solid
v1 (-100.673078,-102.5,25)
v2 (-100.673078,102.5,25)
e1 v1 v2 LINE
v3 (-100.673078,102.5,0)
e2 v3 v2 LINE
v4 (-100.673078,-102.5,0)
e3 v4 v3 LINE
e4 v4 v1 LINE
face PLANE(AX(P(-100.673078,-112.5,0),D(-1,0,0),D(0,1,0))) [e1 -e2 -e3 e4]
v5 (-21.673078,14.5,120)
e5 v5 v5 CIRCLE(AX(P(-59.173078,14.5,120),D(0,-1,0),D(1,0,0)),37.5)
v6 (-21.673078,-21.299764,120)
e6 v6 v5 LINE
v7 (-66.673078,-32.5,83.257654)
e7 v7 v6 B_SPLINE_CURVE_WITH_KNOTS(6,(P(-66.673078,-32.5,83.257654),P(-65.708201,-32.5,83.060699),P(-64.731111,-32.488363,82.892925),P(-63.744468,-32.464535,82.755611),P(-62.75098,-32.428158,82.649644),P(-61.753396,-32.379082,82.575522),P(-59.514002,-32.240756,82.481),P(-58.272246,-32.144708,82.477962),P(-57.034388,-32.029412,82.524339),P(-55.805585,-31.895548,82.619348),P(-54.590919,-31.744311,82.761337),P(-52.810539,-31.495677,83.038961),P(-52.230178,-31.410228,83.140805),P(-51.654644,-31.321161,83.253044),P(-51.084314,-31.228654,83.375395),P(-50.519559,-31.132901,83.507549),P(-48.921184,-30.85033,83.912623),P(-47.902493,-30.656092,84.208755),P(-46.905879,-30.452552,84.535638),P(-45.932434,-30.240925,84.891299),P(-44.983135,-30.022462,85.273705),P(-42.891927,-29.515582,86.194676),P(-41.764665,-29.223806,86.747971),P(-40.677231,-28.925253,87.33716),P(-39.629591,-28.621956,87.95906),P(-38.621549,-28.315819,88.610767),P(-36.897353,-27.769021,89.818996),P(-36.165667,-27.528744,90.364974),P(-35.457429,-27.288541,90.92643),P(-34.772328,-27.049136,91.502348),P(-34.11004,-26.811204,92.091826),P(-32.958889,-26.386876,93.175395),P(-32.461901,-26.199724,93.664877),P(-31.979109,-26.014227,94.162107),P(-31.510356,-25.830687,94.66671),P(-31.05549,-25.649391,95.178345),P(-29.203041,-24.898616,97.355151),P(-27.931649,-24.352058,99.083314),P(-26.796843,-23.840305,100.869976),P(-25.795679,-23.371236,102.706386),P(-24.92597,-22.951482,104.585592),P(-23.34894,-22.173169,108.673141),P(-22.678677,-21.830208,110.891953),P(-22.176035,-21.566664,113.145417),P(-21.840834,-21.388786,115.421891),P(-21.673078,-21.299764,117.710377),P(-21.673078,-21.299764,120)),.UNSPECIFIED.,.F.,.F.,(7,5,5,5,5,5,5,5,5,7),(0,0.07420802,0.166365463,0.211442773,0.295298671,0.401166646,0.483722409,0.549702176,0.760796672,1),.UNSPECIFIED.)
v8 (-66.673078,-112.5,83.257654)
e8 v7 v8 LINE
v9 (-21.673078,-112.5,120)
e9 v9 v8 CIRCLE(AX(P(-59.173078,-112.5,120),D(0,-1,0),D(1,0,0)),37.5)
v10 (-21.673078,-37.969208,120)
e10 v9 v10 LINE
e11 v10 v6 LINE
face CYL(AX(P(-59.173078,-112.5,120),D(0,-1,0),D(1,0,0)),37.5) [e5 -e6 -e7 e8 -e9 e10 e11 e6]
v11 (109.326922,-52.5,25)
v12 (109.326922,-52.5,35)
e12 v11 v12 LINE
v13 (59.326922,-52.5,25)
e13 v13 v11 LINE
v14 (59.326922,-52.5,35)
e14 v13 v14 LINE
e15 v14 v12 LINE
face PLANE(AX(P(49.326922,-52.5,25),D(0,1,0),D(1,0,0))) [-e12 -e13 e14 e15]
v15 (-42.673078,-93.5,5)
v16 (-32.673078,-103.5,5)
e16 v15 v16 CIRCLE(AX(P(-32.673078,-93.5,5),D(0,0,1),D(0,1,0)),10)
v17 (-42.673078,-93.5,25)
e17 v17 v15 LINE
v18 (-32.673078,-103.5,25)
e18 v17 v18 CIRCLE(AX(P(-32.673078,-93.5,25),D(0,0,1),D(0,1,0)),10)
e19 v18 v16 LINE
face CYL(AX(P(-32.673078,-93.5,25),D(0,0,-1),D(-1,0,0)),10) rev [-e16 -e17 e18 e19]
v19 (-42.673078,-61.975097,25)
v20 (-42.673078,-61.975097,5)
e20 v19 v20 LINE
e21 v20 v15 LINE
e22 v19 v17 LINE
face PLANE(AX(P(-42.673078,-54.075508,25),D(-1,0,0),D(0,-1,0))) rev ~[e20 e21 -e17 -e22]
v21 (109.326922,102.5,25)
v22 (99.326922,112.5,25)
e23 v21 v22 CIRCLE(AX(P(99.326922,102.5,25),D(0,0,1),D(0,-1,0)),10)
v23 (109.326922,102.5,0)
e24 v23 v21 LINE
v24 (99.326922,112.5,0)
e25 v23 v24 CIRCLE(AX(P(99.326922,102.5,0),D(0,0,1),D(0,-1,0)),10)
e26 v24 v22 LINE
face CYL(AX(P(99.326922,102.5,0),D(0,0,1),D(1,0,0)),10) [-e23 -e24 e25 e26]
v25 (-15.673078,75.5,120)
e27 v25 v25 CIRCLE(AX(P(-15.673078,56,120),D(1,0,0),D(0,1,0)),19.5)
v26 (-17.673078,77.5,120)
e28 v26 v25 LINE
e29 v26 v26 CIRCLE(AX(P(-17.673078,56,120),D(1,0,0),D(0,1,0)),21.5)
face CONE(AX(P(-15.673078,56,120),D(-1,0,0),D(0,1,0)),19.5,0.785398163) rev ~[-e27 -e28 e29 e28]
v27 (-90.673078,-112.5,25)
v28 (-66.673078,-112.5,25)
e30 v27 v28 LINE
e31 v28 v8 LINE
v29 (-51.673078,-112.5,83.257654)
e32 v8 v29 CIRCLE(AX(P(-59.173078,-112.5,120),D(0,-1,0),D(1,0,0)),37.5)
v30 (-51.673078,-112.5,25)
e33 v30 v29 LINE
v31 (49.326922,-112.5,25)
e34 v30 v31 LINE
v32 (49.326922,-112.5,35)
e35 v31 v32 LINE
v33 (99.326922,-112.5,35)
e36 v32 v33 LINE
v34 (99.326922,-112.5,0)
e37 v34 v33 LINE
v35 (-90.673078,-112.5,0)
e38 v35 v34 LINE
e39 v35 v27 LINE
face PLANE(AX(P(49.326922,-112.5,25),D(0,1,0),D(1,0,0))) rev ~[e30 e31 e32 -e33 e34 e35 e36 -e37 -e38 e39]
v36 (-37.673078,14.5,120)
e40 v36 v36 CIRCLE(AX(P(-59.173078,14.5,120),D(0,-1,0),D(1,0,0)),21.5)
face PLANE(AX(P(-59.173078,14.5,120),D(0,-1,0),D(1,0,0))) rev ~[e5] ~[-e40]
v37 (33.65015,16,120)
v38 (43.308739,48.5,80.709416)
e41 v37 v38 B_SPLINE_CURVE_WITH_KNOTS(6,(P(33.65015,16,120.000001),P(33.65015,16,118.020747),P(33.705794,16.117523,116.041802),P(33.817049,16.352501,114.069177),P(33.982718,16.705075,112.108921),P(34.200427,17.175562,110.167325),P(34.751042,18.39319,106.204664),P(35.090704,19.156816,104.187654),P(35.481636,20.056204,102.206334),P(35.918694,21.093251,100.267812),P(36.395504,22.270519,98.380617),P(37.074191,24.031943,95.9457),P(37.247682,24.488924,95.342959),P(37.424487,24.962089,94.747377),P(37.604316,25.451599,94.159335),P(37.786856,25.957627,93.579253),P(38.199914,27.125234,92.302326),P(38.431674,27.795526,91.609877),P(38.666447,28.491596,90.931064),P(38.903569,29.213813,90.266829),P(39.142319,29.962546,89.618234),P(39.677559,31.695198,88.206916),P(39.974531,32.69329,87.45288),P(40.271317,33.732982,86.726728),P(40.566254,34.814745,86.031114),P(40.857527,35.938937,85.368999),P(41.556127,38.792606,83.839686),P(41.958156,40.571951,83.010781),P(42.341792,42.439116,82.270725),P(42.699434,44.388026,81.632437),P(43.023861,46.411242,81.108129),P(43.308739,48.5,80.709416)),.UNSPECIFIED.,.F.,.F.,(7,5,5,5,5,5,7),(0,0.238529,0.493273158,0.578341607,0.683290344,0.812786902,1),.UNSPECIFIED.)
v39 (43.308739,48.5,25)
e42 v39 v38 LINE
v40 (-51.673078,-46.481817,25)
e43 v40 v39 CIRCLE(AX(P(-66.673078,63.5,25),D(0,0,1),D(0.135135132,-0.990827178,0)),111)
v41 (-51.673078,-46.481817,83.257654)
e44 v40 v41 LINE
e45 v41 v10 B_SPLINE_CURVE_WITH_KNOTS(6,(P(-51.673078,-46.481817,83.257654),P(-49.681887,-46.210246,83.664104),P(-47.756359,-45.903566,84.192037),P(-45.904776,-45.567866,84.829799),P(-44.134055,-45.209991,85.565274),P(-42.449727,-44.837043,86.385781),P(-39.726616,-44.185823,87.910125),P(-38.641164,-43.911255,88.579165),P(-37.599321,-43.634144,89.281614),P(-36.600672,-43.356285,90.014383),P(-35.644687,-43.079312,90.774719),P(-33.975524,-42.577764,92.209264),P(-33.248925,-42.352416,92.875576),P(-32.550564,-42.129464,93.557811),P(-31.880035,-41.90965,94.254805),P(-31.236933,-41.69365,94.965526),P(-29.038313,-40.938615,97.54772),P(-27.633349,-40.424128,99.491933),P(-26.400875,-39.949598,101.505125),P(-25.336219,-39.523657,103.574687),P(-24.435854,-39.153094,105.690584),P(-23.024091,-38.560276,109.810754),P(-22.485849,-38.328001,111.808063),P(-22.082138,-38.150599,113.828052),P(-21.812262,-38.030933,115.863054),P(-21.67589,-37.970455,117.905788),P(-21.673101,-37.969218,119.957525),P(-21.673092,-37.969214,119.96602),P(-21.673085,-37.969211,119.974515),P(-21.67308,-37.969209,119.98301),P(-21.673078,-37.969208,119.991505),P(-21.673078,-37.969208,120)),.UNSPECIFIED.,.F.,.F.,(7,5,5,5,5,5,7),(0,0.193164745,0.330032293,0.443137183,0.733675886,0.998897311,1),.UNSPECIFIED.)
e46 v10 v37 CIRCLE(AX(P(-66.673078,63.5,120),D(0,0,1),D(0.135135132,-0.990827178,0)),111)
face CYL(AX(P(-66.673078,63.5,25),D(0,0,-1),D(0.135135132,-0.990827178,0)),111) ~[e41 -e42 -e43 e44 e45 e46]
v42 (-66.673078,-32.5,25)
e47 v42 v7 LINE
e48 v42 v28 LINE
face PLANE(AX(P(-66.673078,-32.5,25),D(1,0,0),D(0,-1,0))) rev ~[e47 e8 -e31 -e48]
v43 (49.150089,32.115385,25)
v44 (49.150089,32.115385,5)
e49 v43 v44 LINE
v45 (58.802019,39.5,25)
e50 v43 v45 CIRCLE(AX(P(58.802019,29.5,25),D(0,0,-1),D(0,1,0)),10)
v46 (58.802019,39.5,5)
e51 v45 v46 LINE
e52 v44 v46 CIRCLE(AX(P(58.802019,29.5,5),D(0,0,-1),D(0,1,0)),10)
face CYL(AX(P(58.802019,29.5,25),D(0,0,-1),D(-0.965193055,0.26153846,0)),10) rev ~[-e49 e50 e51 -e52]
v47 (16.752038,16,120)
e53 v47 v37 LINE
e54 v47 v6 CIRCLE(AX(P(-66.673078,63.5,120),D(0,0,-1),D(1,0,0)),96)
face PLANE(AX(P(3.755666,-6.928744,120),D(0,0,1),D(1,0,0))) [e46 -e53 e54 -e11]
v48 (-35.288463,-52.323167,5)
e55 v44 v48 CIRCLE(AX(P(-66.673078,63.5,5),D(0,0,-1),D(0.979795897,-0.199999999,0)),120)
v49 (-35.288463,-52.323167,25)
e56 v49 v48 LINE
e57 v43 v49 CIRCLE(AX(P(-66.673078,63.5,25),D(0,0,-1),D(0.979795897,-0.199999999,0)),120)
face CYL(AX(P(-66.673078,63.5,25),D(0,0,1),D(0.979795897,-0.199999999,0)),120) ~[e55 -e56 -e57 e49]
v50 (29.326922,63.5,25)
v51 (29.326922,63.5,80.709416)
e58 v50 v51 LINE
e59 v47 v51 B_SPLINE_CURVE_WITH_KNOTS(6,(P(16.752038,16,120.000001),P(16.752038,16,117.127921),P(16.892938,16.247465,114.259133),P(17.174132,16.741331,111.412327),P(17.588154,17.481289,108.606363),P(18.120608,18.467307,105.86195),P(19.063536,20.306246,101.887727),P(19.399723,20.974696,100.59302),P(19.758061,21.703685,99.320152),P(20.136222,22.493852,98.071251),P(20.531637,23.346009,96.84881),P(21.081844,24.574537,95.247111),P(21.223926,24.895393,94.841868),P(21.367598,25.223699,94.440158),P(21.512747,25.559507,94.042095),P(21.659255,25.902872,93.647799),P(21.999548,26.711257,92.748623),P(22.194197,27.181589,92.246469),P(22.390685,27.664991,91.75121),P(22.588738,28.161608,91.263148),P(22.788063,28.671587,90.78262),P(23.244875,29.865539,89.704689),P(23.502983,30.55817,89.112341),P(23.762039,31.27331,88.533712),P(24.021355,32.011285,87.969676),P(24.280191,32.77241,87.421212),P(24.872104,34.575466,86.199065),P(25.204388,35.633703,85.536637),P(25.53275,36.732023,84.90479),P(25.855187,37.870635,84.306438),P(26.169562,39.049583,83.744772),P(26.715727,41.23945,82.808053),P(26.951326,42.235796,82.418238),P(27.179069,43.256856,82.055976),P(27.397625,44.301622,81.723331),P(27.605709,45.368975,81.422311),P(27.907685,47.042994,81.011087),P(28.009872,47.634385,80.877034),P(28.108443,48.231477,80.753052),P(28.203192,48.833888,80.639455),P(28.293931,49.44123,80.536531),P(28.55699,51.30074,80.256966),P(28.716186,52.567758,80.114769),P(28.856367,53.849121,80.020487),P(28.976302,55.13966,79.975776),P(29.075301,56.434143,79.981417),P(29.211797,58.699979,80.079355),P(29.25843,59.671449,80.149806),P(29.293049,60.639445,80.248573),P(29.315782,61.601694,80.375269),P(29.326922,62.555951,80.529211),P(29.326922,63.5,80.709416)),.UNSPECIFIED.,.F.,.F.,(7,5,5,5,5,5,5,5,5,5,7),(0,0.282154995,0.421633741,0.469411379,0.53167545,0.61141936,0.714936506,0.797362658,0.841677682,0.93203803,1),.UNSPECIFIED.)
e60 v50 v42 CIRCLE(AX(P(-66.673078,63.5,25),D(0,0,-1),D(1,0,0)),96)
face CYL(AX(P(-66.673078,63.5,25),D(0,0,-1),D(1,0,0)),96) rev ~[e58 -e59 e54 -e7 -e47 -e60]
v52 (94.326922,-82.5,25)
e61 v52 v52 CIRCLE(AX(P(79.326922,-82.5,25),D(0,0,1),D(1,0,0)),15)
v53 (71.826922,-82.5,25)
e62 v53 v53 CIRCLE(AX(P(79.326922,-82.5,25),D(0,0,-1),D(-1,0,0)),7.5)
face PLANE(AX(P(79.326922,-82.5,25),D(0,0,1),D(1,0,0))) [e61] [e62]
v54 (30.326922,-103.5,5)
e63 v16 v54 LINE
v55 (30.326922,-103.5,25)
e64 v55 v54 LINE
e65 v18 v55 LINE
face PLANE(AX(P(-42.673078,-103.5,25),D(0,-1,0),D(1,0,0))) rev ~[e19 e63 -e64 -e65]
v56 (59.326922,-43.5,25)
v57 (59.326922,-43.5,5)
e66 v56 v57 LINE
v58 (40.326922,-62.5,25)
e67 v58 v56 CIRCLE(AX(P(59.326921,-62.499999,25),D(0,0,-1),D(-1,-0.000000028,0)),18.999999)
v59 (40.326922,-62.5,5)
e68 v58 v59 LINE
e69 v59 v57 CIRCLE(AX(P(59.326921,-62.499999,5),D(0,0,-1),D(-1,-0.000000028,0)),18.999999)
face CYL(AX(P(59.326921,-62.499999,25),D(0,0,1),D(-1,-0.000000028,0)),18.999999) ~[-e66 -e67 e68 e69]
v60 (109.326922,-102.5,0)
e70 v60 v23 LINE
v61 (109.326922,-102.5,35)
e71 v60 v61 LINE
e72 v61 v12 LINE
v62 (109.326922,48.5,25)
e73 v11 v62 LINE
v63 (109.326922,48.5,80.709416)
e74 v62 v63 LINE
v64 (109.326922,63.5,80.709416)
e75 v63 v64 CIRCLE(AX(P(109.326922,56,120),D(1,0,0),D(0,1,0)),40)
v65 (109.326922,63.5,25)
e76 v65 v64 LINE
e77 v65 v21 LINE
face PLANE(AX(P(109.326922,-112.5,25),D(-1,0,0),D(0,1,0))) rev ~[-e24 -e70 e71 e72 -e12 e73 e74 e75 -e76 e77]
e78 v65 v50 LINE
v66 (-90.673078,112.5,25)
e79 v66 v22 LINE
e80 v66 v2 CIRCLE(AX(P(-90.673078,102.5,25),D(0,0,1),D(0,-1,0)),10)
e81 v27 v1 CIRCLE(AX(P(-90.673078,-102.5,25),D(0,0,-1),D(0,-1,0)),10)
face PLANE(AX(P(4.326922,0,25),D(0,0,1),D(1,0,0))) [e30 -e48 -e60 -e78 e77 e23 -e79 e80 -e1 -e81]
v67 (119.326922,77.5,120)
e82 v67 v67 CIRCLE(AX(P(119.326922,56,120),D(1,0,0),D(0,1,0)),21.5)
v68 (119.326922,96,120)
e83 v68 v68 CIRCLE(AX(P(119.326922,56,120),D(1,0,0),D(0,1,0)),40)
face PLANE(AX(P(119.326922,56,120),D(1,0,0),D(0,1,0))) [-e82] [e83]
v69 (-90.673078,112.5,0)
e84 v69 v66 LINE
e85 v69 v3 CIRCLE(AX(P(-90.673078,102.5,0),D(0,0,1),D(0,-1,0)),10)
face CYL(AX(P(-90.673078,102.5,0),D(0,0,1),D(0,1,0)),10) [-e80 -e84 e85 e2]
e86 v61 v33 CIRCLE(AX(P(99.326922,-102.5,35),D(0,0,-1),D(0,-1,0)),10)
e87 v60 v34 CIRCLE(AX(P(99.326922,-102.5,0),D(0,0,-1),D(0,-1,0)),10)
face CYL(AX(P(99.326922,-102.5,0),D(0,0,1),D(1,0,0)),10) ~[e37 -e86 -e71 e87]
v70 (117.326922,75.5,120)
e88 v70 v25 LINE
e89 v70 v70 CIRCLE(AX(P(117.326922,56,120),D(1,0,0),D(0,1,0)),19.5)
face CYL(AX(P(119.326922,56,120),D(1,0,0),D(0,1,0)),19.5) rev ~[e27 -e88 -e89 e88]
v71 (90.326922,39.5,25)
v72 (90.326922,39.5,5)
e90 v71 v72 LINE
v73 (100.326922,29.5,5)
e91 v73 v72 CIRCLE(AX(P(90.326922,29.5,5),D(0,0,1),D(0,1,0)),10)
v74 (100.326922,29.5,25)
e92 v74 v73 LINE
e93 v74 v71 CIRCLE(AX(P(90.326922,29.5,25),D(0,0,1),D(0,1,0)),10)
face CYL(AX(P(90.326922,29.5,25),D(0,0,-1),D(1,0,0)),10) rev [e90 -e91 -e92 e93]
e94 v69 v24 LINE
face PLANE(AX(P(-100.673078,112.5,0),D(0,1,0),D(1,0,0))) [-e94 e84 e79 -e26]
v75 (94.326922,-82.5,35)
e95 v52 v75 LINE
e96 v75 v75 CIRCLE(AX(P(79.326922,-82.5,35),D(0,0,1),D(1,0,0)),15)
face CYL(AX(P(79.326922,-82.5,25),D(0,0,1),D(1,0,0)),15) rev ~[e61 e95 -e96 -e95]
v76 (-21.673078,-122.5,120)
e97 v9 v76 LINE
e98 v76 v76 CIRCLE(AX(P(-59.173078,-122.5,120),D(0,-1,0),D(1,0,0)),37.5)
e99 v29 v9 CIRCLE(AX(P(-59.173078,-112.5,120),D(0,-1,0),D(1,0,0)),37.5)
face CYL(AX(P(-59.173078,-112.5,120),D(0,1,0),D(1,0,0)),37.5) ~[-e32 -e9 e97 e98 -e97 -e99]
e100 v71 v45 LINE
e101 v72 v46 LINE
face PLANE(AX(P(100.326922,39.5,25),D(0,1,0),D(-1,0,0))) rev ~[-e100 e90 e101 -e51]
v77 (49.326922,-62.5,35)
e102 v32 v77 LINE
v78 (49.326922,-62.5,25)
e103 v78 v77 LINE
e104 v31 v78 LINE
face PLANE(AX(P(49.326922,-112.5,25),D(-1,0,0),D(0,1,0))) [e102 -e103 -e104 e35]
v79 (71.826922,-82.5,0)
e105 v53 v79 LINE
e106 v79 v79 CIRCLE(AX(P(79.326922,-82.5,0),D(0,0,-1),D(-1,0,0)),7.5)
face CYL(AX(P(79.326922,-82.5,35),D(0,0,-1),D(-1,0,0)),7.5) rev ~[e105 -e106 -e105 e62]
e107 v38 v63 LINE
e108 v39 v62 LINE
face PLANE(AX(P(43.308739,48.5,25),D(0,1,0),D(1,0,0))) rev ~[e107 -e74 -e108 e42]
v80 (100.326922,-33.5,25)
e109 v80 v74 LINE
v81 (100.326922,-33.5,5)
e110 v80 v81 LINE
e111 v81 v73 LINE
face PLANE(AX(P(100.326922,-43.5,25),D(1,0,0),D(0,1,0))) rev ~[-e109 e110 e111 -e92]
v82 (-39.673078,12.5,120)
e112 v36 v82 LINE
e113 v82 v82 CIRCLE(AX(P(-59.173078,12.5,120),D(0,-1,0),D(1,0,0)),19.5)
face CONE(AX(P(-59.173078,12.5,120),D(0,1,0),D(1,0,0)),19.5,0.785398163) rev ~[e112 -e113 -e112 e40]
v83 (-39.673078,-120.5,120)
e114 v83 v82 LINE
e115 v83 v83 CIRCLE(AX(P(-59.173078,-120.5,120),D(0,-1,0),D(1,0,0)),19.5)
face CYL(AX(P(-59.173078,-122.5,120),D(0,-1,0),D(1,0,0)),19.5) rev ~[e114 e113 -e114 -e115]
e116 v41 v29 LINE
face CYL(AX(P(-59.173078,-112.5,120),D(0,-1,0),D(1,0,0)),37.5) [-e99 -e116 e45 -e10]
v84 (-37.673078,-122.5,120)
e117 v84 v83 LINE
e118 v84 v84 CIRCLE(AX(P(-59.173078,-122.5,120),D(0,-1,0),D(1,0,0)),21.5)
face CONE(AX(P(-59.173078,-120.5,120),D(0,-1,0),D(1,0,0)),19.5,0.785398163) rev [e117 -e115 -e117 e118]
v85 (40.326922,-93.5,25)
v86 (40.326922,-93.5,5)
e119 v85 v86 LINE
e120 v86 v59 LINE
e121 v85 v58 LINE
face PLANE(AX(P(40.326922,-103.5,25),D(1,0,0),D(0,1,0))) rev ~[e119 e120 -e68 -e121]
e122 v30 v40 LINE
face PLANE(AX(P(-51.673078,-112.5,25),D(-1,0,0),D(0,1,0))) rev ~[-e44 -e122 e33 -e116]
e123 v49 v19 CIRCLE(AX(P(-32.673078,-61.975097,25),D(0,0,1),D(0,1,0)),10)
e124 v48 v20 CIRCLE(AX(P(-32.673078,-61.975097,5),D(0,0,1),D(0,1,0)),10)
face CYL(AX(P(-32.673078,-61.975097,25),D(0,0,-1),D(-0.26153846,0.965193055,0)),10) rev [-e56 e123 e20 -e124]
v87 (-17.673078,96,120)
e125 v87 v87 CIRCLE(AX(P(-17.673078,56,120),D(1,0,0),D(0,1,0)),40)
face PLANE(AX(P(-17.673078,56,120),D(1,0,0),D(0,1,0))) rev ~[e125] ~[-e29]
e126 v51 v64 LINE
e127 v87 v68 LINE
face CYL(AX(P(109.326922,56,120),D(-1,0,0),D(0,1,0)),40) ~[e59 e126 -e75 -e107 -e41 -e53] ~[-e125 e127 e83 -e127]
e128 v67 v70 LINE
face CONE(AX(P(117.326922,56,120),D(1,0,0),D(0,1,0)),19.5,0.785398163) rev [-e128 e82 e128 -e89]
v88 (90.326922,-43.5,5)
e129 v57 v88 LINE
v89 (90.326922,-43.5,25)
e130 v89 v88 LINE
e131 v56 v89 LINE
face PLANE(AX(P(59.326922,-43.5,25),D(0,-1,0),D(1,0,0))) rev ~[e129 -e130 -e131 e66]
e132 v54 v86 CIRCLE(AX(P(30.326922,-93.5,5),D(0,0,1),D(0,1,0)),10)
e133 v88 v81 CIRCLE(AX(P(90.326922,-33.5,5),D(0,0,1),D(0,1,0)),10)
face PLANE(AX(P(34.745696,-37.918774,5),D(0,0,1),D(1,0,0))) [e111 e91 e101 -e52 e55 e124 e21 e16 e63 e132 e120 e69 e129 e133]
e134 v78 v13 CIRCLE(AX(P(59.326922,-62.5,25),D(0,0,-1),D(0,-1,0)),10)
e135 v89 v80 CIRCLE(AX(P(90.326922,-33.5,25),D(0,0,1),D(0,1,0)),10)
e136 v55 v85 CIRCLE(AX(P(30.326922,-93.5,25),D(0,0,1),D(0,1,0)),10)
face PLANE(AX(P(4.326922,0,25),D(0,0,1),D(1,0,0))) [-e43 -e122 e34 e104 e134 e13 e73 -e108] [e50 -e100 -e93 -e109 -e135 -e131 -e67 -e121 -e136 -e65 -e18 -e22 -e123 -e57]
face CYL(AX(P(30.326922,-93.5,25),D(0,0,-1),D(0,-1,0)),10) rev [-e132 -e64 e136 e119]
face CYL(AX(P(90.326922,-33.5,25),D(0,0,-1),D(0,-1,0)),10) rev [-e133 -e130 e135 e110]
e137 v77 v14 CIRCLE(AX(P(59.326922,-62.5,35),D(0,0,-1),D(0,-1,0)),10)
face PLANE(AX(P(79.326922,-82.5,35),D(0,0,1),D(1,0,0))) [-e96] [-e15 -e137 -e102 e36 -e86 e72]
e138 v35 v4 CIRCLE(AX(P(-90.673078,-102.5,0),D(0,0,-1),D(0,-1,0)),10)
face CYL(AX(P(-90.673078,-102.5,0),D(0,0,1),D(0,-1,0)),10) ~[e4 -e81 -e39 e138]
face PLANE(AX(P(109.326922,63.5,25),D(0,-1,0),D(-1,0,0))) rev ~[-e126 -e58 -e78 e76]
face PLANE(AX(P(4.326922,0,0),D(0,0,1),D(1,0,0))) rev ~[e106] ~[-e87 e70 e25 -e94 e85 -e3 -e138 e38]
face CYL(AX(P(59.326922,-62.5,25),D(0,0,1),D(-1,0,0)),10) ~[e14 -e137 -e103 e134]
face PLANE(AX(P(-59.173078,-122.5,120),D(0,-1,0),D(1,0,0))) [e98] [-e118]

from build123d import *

# Parameters (mm, degrees)
F0_W            = 210
F0_H            = 225
F1_DEPTH        = 25
F3_DEPTH        = 95
F4_R            = 37.5
F5_DEPTH        = 10
F5_DEPTH_BACK   = 127
F6_R            = 40
F7_DEPTH        = 10
F7_DEPTH_BACK   = 127
F8_W            = 60
F8_H            = 60
F9_DEPTH        = 10
F10_R           = 10
F12_DEPTH       = 20
F14_D           = 15
F14_CBORE_D     = 30
F14_CBORE_DEPTH = 10
F15_R           = 10
F16_R           = 19.5
F17_DEPTH       = 235.001
F18_R           = 19.5
F19_DEPTH       = 220.001
F20_SIZE        = 2
F21_R           = 10


with BuildPart() as f1:
    # F0 (on Top) → F1 (new body)
    with BuildSketch(Plane.XY):
        with Locations((4.326922, 0)):
            Rectangle(F0_W, F0_H)
    extrude(amount=F1_DEPTH)

    # F2 (on face) → F3 (join)
    with BuildSketch(Plane.XY.offset(25)):
        with BuildLine():
            Line((-66.673078, -32.5), (-66.673078, -112.5))
            Line((-66.673078, -112.5), (-51.673078, -112.5))
            Line((-51.673078, -112.5), (-51.673078, -46.481817))
            ThreePointArc((-51.673078, -46.481817), (11.815775, -14.988853), (43.308739, 48.5))
            Line((43.308739, 48.5), (109.326922, 48.5))
            Line((109.326922, 48.5), (109.326922, 63.5))
            Line((109.326922, 63.5), (29.326922, 63.5))
            ThreePointArc((29.326922, 63.5), (1.209173, -4.382251), (-66.673078, -32.5))
        make_face()
    extrude(amount=F3_DEPTH)

    # F4 (on face) → F5 (join, two sides)
    with BuildSketch(Plane.XZ.offset(112.5)) as f5_sk:
        with Locations((-59.173078, 120)):
            Circle(F4_R)
    extrude(amount=F5_DEPTH)
    extrude(f5_sk.sketch, amount=-F5_DEPTH_BACK)

    # F6 (on face) → F7 (join, two sides)
    with BuildSketch(Plane.YZ.offset(109.326922)) as f7_sk:
        with Locations((56, 120)):
            Circle(F6_R)
    extrude(amount=F7_DEPTH)
    extrude(f7_sk.sketch, amount=-F7_DEPTH_BACK)

    # F8 (on face) → F9 (join)
    with BuildSketch(Plane.XY.offset(25)):
        with Locations((79.326922, -82.5)):
            Rectangle(F8_W, F8_H)
    extrude(amount=F9_DEPTH)

    # F10
    f10_edges = [f1.edges().sort_by_distance(p)[0] for p in [
        (49.326922, -52.5, 30),
    ]]
    fillet(f10_edges, radius=F10_R)

    # F11 (on face) → F12 (cut)
    with BuildSketch(Plane.XY.offset(25)):
        with BuildLine():
            ThreePointArc((50.90243, 39.5), (18.179736, -21.352814), (-42.673078, -54.075508))
            Line((-42.673078, -54.075508), (-42.673078, -103.5))
            Line((-42.673078, -103.5), (40.326922, -103.5))
            Line((40.326922, -103.5), (40.326922, -62.5))
            ThreePointArc((40.326922, -62.5), (45.891893, -49.064971), (59.326922, -43.5))
            Line((59.326922, -43.5), (100.326922, -43.5))
            Line((100.326922, -43.5), (100.326922, 39.5))
            Line((100.326922, 39.5), (50.90243, 39.5))
        make_face()
    extrude(amount=-F12_DEPTH, mode=Mode.SUBTRACT)

    # F14 (through all)
    with Locations(Plane.XY.offset(35)):
        with Locations((79.326922, -82.5)):
            CounterBoreHole(F14_D / 2, F14_CBORE_D / 2, F14_CBORE_DEPTH)

    # F15
    f15_edges = [f1.edges().sort_by_distance(p)[0] for p in [
        (-42.673078, -54.075508, 15),
        (50.90243, 39.5, 15),
        (-42.673078, -103.5, 15),
        (100.326922, 39.5, 15),
        (100.326922, -43.5, 15),
        (40.326922, -103.5, 15),
    ]]
    fillet(f15_edges, radius=F15_R)

    # F16 (on face) → F17 (cut, through all)
    with BuildSketch(Plane.XZ.offset(122.5)):
        with Locations((-59.173078, 120)):
            Circle(F16_R)
    extrude(amount=-F17_DEPTH, mode=Mode.SUBTRACT)

    # F18 (on face) → F19 (cut, through all)
    with BuildSketch(Plane.YZ.offset(119.326922)):
        with Locations((56, 120)):
            Circle(F18_R)
    extrude(amount=-F19_DEPTH, mode=Mode.SUBTRACT)

    # F20
    f20_edges = [f1.edges().sort_by_distance(p)[0] for p in [
        (-78.673078, -122.5, 120),
        (119.326922, 36.5, 120),
        (-17.673078, 36.5, 120),
        (-78.673078, 14.5, 120),
    ]]
    chamfer(f20_edges, length=F20_SIZE)

    # F21
    f21_edges = [f1.edges().sort_by_distance(p)[0] for p in [
        (109.326922, -112.5, 17.5),
        (109.326922, 112.5, 12.5),
        (-100.673078, -112.5, 12.5),
        (-100.673078, 112.5, 12.5),
    ]]
    fillet(f21_edges, radius=F21_R)


solid = f1.part
